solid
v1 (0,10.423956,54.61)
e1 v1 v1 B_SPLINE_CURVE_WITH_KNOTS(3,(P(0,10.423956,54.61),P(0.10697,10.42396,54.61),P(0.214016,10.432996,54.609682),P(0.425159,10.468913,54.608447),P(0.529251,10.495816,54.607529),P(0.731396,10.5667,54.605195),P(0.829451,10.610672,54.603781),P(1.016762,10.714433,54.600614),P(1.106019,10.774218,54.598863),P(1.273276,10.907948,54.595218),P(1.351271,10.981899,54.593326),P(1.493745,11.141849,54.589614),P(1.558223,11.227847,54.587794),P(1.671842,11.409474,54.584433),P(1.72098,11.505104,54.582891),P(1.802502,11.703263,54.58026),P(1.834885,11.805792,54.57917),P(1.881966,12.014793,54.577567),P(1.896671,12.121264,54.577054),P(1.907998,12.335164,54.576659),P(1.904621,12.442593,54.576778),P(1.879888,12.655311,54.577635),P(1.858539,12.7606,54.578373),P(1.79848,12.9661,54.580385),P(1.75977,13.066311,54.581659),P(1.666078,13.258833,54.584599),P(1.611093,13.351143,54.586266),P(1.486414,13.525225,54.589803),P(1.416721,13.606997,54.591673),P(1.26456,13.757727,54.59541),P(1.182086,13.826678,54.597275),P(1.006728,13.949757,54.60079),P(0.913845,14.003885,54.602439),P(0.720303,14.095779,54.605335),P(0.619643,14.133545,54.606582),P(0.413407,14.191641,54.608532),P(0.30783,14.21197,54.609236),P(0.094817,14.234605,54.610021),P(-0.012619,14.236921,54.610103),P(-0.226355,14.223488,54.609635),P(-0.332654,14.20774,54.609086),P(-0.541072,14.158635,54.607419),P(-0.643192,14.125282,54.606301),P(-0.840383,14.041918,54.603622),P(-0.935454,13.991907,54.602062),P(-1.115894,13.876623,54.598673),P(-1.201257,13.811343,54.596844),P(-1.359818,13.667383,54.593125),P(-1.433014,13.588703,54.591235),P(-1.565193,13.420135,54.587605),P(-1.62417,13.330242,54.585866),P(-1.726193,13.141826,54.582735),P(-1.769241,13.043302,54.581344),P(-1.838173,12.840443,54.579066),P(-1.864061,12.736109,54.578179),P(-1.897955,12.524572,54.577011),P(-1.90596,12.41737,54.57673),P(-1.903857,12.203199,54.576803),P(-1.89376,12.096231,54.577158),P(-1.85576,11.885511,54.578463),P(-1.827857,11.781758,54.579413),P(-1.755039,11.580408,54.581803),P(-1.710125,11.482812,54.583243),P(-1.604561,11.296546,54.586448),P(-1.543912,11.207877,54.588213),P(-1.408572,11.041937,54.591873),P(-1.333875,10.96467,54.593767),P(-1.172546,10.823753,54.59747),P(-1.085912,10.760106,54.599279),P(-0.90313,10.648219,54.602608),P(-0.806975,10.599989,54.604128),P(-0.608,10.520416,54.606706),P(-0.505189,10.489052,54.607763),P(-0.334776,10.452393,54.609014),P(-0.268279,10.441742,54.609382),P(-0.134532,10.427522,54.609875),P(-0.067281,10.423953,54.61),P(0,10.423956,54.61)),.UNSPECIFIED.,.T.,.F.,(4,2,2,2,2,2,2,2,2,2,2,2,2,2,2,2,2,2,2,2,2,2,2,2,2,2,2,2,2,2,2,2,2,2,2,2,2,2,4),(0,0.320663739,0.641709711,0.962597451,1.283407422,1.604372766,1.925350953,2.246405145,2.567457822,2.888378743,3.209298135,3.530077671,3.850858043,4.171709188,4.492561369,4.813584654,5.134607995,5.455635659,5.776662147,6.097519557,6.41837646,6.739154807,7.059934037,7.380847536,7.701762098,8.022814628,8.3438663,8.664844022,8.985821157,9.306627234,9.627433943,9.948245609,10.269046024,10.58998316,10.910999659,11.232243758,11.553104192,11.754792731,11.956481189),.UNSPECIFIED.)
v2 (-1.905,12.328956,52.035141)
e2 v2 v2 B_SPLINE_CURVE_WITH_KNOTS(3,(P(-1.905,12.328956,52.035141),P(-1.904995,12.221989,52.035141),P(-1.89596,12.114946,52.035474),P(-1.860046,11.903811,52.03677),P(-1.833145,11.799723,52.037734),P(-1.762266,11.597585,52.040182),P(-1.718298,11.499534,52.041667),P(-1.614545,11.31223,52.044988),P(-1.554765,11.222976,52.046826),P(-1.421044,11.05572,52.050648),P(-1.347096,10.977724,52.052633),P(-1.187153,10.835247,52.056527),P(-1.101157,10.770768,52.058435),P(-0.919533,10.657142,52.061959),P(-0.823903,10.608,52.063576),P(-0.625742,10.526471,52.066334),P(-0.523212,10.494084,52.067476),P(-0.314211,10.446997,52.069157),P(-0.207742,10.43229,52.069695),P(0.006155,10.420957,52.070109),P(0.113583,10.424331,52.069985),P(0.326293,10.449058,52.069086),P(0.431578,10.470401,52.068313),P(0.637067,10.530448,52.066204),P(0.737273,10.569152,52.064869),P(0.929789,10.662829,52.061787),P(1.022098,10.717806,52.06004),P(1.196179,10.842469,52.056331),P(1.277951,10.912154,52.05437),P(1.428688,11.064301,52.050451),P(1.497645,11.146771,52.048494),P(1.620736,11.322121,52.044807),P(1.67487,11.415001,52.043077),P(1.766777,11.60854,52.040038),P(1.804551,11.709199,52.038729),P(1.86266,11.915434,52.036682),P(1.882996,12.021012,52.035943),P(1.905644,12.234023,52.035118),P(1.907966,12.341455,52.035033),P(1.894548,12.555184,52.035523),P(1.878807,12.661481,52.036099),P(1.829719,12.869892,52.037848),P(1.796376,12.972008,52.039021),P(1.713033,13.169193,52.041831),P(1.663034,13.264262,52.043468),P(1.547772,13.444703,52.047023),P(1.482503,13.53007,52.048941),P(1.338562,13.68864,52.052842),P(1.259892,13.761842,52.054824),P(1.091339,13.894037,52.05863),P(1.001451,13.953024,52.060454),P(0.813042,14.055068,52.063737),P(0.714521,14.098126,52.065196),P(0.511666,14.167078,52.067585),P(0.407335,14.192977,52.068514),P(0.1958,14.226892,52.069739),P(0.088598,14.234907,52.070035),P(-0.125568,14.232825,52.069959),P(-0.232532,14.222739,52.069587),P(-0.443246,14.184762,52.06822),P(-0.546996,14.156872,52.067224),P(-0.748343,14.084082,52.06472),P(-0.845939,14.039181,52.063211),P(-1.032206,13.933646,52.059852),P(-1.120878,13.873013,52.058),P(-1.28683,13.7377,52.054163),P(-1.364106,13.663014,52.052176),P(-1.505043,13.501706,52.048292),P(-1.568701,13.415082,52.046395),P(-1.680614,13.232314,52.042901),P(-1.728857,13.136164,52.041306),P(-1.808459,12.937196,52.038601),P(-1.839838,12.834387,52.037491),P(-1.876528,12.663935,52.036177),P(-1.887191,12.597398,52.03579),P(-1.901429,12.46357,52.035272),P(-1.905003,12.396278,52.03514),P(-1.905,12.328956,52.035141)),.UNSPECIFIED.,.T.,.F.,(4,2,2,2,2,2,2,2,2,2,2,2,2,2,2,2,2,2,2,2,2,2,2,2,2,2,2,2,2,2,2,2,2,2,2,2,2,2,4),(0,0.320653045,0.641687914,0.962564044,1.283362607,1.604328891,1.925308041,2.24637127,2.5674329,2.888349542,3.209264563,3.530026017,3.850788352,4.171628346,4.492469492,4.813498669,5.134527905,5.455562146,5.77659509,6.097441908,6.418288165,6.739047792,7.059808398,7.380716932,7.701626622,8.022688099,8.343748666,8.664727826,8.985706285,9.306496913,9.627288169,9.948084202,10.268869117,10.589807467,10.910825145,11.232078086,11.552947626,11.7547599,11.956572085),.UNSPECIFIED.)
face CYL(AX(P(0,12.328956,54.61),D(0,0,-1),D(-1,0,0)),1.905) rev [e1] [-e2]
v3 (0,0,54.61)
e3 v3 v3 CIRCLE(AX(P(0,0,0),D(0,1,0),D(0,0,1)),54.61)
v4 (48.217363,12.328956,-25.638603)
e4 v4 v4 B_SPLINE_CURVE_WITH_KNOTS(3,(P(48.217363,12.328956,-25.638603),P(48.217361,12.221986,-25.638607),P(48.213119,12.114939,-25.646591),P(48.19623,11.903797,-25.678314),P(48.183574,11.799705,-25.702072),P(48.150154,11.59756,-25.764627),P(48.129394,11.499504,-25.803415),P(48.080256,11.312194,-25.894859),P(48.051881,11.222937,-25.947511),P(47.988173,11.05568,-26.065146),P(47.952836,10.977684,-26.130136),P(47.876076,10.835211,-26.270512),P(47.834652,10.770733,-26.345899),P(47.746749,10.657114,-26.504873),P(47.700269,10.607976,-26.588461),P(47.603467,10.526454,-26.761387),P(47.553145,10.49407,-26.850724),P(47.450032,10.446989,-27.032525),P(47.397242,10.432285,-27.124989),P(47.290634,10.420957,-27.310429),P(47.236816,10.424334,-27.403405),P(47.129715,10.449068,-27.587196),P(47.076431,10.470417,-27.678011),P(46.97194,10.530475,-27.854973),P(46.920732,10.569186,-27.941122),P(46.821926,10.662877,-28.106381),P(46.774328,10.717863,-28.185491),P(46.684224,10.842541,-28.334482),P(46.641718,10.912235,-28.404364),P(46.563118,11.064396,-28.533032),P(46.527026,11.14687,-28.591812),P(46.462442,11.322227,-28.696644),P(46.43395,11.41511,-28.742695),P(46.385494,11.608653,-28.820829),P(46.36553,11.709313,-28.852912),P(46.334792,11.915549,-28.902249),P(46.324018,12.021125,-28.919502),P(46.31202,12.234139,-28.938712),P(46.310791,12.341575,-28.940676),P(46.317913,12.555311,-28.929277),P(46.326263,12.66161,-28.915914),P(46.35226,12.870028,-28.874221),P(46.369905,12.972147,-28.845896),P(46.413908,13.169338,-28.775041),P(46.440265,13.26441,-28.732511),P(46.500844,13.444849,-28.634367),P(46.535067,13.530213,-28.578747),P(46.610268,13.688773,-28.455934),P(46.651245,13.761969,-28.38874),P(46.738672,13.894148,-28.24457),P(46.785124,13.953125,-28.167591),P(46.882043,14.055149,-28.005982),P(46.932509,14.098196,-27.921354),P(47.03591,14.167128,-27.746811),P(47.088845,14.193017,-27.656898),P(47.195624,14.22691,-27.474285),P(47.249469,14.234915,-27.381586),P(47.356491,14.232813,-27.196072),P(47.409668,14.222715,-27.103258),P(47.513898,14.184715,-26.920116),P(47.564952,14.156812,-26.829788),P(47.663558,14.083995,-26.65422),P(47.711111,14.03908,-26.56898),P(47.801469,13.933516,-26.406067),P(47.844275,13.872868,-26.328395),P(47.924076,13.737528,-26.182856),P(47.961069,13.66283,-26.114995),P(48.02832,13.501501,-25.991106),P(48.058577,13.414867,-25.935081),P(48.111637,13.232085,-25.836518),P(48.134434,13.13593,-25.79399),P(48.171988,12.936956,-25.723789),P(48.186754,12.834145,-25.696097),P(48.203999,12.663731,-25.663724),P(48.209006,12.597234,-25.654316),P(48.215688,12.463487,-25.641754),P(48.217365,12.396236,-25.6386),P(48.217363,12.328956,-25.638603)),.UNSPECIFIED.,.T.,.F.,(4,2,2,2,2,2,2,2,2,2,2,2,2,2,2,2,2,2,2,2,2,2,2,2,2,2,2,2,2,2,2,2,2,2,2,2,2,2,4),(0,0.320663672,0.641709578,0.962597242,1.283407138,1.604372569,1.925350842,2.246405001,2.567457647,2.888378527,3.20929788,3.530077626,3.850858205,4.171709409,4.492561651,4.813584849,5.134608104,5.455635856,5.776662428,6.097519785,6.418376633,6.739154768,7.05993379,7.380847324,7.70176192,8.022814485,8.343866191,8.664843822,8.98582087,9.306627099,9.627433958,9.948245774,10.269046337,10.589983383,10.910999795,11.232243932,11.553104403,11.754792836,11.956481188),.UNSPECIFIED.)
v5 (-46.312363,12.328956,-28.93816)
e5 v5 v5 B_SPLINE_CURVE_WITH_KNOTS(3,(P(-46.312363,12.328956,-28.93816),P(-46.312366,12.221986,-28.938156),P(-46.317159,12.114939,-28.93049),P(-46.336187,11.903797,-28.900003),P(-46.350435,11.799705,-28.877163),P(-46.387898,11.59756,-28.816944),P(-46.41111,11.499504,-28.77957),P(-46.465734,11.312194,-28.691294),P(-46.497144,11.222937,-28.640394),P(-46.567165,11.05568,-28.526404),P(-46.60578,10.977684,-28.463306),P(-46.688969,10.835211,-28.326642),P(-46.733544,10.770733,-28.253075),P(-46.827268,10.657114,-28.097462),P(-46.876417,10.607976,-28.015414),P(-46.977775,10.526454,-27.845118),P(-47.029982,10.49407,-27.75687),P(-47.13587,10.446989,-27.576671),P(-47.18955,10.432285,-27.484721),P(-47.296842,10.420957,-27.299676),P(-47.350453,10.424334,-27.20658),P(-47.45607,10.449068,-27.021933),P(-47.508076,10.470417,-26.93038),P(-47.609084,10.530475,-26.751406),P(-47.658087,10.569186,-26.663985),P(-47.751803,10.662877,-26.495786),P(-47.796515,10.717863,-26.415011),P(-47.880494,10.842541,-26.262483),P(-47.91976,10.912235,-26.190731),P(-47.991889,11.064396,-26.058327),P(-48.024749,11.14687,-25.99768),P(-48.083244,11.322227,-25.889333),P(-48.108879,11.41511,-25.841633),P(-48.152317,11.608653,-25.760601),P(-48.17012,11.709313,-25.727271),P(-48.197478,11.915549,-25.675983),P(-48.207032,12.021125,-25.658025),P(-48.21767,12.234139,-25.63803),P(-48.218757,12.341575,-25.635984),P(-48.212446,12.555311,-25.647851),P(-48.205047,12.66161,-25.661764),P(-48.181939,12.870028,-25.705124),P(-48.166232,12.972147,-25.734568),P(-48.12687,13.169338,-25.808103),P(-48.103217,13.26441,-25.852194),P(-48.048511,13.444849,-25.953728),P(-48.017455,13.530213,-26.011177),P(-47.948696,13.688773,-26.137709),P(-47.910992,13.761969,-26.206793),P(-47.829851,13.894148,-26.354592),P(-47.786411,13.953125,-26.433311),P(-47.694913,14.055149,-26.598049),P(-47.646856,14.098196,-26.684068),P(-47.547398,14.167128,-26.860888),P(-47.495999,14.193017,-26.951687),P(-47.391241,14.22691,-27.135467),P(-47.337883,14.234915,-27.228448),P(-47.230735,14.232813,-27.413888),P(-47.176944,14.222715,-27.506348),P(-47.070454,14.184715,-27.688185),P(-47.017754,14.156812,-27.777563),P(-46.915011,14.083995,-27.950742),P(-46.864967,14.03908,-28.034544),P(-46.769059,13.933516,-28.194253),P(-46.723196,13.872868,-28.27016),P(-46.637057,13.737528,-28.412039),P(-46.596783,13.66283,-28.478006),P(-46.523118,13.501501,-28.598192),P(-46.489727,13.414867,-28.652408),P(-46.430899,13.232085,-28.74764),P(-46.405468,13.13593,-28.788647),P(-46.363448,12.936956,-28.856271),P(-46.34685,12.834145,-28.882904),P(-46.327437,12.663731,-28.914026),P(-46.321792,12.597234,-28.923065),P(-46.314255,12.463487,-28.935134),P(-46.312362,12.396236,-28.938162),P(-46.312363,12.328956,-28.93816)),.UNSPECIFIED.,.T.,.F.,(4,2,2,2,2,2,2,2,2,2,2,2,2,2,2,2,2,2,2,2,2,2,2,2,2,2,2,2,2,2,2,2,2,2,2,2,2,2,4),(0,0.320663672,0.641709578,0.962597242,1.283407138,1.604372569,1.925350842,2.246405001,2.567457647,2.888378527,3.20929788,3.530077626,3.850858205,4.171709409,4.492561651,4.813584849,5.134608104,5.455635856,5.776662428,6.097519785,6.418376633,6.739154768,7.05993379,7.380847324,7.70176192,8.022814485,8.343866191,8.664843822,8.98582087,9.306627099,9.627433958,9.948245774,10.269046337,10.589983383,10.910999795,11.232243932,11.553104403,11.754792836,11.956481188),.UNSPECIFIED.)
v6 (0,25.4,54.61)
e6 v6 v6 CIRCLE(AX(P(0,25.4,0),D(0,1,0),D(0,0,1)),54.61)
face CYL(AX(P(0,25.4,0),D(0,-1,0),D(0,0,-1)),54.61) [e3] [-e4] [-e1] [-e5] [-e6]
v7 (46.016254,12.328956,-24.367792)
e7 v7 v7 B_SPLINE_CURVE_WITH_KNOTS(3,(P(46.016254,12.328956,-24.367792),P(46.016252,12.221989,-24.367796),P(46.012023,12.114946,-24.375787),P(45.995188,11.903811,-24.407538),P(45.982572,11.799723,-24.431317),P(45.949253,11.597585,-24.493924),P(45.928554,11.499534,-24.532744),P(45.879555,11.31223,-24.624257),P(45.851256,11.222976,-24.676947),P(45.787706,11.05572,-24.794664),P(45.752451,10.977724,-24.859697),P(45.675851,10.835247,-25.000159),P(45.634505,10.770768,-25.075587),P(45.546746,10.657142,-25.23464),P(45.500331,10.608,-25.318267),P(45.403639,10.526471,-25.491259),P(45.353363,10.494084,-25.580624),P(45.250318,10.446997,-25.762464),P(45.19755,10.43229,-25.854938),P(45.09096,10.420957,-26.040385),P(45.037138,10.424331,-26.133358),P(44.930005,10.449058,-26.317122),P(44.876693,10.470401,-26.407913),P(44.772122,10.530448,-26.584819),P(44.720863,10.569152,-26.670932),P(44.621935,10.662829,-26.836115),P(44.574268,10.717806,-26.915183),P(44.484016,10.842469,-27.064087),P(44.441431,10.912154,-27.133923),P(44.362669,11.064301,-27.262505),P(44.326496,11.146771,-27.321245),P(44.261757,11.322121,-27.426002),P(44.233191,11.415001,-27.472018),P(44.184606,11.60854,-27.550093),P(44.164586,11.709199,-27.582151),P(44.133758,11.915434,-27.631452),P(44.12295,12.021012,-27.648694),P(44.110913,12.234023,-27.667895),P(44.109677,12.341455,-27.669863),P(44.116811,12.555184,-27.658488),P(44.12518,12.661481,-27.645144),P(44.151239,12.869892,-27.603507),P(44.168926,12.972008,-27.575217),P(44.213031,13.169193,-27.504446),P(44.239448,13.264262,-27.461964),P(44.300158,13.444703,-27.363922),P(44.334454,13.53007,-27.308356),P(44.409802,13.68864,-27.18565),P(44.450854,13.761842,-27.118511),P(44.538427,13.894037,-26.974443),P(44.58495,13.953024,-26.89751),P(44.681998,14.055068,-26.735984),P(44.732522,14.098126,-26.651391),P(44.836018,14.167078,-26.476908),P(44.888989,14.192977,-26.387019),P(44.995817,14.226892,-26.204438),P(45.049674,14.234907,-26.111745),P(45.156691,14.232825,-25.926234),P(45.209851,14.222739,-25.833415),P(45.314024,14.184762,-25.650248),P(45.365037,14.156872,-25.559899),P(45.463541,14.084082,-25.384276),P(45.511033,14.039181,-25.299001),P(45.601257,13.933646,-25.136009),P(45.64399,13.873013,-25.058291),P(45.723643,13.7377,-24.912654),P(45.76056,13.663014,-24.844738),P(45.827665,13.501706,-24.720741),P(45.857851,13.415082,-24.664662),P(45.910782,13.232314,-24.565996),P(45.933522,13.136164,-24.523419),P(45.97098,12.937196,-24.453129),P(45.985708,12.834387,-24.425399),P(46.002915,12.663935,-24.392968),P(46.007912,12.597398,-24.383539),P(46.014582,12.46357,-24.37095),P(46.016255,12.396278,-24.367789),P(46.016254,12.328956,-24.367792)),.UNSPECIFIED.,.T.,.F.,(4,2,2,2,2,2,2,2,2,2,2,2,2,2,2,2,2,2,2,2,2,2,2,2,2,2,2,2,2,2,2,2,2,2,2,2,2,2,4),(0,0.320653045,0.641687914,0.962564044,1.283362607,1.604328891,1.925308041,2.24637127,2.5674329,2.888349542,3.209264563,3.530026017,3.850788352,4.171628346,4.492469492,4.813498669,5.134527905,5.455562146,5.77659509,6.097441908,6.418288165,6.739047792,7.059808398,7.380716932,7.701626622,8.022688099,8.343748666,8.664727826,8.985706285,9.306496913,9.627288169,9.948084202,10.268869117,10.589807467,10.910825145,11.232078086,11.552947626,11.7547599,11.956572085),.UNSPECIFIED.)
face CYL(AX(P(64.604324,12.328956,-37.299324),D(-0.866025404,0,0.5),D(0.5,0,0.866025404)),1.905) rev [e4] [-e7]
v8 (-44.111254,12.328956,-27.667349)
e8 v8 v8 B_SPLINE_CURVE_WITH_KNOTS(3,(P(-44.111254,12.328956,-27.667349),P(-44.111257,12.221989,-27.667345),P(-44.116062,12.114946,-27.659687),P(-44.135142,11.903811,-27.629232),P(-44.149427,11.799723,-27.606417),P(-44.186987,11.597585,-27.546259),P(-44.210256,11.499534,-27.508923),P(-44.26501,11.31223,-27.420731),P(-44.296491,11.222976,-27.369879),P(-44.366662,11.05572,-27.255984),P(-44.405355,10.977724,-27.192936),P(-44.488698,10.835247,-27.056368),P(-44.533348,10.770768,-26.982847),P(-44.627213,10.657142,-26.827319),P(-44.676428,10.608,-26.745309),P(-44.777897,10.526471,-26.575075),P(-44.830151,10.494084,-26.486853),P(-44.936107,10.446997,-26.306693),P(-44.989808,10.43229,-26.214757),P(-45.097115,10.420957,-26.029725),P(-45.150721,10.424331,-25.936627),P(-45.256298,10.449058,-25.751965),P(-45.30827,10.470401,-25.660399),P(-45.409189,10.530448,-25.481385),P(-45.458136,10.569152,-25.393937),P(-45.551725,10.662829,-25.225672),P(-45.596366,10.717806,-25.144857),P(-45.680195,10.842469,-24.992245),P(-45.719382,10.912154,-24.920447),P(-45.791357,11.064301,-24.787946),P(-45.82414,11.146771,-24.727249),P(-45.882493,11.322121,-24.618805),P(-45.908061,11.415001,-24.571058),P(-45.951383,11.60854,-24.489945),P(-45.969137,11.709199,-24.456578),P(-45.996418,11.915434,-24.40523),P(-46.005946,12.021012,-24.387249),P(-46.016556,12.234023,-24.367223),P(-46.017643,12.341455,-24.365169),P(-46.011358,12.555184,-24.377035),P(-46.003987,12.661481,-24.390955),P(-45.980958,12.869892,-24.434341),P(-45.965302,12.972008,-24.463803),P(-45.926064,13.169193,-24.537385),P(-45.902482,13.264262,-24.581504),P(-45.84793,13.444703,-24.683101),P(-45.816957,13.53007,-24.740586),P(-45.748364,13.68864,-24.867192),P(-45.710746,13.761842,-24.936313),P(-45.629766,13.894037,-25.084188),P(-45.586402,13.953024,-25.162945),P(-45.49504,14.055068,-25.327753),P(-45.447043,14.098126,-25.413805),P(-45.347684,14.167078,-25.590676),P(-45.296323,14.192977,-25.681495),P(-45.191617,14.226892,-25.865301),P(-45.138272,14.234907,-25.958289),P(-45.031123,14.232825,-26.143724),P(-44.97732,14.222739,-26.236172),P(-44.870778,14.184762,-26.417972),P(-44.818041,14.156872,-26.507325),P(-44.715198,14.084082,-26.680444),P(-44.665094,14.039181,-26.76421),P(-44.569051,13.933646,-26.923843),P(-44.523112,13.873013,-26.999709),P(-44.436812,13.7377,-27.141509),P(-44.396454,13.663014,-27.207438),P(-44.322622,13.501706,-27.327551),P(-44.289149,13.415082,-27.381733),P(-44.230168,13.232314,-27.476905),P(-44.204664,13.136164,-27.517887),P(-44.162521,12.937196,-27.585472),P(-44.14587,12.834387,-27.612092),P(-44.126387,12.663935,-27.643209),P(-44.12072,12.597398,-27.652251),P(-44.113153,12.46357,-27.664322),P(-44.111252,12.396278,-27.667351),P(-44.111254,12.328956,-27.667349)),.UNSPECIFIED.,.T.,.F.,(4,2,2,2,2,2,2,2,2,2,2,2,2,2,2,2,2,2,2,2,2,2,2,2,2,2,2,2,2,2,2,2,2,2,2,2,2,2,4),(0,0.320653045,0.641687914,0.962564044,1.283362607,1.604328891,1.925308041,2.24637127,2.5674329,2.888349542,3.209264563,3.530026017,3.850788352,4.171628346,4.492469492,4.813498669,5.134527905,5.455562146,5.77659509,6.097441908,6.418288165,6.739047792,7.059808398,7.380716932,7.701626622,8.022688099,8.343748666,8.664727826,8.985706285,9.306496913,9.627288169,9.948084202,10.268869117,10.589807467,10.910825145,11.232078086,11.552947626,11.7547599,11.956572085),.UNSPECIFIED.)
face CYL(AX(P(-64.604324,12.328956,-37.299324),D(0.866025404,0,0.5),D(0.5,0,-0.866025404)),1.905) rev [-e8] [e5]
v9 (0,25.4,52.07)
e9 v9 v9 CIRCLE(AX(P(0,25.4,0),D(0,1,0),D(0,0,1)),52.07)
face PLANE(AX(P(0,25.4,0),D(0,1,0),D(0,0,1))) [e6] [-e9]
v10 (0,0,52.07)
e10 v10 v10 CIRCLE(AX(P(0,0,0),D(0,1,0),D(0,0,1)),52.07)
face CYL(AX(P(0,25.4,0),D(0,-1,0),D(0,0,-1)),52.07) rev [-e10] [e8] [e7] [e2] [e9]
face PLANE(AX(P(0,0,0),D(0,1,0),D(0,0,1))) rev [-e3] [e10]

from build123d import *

# Parameters (mm, degrees)
SKETCH1_R           = 54.61
SKETCH1_R_2         = 52.07
BOSS_EXTRUDE1_DEPTH = 25.4
SKETCH3_R           = 1.905
CUT_EXTRUDE1_DEPTH  = 55.61
CIRPATTERN1_COUNT   = 3


with BuildPart() as part:
    # Sketch1 → Boss-Extrude1 (new body)
    with BuildSketch(Plane(origin=(0, 0, 0), x_dir=(1, 0, 0), z_dir=(0, 1, 0))):
        Circle(SKETCH1_R)
        Circle(SKETCH1_R_2, mode=Mode.SUBTRACT)
    extrude(amount=BOSS_EXTRUDE1_DEPTH)

    # Sketch3 → Cut-Extrude1 (cut, through all)
    with BuildSketch(Plane.XY):
        with Locations((0, 12.328955527)):
            Circle(SKETCH3_R)
    cut_extrude1 = extrude(amount=CUT_EXTRUDE1_DEPTH, mode=Mode.SUBTRACT)

    # CirPattern1: Cut-Extrude1 ×3 about axis
    cirpattern1_axis = Axis((0, 25.4, 0), (0, 1, 0))
    for i in range(1, CIRPATTERN1_COUNT):
        add(cut_extrude1.rotate(cirpattern1_axis, i * 360 / CIRPATTERN1_COUNT), mode=Mode.SUBTRACT)


solid = part.part
